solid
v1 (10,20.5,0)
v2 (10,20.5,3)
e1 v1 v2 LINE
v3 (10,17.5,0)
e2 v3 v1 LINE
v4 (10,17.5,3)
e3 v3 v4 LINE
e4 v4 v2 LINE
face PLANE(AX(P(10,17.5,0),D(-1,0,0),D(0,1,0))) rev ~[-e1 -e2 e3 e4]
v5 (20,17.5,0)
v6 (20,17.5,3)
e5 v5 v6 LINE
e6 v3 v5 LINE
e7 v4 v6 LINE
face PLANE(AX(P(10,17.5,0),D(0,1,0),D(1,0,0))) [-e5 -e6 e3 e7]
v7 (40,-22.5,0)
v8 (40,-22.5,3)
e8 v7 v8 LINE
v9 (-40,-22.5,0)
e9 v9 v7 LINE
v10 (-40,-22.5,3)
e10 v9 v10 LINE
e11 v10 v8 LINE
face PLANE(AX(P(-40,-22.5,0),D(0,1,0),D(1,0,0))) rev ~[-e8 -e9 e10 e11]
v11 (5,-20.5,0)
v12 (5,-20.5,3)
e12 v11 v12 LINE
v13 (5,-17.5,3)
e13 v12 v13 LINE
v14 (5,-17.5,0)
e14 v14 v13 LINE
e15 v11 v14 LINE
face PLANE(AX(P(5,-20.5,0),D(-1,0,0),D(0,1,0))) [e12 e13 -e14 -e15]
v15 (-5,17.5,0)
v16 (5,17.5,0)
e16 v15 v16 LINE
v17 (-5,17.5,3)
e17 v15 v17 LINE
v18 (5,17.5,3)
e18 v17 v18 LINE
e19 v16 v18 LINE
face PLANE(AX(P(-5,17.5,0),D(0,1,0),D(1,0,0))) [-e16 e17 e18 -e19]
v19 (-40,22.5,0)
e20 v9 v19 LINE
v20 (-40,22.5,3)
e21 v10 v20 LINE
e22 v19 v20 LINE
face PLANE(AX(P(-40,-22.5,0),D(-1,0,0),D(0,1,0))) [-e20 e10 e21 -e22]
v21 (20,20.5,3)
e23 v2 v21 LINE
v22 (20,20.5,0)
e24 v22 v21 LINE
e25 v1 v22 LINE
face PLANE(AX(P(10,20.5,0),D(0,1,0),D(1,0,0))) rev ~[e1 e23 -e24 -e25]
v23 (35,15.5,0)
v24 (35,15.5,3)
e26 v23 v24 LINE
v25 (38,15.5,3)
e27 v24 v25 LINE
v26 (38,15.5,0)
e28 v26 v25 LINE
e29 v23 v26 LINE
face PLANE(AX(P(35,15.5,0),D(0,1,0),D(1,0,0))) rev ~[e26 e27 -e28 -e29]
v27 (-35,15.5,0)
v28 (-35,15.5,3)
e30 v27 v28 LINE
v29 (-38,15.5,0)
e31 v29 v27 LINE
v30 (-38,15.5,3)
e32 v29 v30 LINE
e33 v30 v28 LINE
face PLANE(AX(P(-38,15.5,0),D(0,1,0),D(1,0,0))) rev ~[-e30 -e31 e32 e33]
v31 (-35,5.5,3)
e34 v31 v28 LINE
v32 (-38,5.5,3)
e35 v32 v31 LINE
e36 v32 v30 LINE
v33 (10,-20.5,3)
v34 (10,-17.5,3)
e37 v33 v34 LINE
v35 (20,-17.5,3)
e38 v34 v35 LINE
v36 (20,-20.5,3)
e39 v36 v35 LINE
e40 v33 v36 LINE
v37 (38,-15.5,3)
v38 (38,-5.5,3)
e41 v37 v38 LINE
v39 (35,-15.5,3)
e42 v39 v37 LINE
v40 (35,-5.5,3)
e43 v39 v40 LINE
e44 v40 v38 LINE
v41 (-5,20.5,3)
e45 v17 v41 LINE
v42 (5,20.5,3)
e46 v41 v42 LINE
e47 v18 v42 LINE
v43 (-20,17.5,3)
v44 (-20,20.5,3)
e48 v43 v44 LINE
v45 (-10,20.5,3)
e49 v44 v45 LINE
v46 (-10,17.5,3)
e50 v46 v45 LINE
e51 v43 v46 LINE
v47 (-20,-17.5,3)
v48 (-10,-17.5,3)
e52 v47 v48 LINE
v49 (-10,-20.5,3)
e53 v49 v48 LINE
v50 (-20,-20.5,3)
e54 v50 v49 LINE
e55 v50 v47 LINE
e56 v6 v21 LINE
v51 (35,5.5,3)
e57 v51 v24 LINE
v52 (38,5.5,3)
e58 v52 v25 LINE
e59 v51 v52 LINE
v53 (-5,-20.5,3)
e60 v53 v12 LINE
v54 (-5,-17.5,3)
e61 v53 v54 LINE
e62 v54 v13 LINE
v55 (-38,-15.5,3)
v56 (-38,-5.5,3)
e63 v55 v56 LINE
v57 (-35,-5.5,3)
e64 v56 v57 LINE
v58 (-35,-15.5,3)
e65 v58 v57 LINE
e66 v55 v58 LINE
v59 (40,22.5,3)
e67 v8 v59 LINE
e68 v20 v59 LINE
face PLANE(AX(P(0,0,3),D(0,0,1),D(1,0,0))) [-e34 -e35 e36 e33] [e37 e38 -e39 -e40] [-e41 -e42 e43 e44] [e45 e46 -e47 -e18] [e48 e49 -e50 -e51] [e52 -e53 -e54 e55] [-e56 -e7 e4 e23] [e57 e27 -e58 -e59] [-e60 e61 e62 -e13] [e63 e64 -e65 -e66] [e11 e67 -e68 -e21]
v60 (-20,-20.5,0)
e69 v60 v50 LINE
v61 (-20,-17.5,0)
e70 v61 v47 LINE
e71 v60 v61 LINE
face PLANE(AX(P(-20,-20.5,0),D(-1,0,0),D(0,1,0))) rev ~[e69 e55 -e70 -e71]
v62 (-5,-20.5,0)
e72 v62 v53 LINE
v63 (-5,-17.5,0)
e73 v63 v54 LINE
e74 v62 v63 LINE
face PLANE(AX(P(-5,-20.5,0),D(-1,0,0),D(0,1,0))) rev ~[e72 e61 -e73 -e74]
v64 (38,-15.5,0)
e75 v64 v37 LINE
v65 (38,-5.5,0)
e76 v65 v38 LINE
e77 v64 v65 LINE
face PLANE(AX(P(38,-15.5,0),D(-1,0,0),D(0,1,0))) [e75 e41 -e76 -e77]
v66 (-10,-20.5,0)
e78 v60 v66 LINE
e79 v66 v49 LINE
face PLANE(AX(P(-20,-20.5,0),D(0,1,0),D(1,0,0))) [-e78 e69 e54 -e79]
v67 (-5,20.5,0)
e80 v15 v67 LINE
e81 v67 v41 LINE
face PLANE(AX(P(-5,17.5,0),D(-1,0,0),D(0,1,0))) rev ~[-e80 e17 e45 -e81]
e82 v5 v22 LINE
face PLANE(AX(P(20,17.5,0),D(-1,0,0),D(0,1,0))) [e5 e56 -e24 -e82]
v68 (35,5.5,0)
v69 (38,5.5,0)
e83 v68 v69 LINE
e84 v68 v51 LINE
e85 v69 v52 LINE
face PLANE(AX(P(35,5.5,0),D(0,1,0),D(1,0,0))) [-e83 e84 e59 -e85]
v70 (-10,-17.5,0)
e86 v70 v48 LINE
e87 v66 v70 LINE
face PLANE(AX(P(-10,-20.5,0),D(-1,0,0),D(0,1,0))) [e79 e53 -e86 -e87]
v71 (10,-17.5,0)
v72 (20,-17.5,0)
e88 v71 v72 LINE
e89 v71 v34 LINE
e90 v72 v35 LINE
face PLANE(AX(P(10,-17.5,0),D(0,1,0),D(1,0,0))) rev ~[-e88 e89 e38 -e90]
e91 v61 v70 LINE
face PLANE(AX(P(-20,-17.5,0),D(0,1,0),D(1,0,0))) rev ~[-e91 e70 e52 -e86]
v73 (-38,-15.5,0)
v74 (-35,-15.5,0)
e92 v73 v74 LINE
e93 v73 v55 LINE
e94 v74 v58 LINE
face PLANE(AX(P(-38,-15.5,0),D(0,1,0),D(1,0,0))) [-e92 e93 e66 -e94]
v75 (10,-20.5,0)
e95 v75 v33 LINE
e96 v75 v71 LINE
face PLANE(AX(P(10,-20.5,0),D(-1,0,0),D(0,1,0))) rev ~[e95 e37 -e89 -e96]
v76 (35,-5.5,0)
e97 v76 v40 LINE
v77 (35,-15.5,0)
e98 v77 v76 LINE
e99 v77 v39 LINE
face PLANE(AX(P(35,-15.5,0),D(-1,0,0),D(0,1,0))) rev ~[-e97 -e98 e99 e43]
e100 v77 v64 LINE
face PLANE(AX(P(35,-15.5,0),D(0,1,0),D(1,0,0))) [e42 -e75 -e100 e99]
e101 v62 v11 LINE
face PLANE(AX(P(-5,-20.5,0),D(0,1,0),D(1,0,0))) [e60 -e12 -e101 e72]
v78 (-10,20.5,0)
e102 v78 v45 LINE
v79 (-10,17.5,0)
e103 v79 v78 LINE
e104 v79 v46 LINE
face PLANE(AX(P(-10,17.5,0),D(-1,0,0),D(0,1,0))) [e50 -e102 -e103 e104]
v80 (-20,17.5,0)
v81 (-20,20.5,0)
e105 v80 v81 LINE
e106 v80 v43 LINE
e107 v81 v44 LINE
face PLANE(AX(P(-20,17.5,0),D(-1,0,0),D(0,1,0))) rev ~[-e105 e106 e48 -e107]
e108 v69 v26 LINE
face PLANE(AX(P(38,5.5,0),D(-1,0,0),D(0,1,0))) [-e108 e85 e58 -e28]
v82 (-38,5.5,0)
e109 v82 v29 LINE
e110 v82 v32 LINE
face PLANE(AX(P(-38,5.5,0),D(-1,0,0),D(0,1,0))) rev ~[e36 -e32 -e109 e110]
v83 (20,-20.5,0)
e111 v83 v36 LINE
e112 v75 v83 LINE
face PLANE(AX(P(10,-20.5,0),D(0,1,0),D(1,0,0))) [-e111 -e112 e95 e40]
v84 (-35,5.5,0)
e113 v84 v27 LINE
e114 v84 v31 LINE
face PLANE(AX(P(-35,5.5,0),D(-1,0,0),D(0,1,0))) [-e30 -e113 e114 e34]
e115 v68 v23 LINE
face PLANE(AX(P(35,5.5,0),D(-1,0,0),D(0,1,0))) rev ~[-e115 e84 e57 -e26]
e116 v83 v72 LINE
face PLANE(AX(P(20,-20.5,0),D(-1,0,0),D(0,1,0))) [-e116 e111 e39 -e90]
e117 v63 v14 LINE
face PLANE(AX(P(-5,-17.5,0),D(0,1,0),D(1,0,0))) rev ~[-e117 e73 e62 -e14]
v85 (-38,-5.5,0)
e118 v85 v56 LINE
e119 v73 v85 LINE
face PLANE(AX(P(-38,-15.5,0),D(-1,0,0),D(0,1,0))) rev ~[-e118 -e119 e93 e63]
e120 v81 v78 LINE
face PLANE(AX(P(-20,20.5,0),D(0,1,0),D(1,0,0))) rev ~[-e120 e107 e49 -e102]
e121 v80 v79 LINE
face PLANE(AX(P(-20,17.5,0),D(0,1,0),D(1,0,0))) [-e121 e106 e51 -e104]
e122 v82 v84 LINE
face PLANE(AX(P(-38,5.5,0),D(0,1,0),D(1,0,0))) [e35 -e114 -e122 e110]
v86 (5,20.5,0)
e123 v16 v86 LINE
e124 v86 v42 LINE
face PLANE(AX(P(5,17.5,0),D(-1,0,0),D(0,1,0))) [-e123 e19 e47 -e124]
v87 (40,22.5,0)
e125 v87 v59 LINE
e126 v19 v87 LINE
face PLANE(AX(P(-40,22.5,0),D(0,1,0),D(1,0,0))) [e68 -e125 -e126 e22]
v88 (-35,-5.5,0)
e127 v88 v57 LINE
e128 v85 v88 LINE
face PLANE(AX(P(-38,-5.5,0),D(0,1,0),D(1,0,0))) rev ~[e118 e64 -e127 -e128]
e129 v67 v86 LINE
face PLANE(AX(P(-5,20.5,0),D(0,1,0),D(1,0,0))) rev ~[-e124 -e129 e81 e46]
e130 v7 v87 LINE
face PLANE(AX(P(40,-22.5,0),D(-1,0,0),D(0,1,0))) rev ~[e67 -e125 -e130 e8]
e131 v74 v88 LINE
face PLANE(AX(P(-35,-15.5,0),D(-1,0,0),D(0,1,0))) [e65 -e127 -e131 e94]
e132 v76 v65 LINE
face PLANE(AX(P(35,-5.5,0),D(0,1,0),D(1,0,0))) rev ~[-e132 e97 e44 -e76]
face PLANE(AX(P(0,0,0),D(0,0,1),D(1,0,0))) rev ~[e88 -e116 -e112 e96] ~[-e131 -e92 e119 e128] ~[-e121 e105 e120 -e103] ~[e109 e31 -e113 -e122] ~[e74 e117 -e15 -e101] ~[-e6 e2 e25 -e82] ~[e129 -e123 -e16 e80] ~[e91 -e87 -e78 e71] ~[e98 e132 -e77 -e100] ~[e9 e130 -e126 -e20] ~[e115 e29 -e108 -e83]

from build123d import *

# Parameters (mm, degrees)
SKETCH_1_W      = 80
SKETCH_1_H      = 45
SKETCH_1_W_2    = 10
SKETCH_1_H_2    = 3
SKETCH_1_W_3    = 3
SKETCH_1_H_3    = 10
EXTRUDE_1_DEPTH = 3


with BuildPart() as part:
    # 草图1 → 凸台-拉伸1 (new body)
    with BuildSketch(Plane.XY):
        Rectangle(SKETCH_1_W, SKETCH_1_H)
        with Locations((0, 19)):
            Rectangle(SKETCH_1_W_2, SKETCH_1_H_2, mode=Mode.SUBTRACT)
        with Locations((-15, 19)):
            Rectangle(SKETCH_1_W_2, SKETCH_1_H_2, mode=Mode.SUBTRACT)
        with Locations((-36.5, 10.5)):
            Rectangle(SKETCH_1_W_3, SKETCH_1_H_3, mode=Mode.SUBTRACT)
        with Locations((15, 19)):
            Rectangle(SKETCH_1_W_2, SKETCH_1_H_2, mode=Mode.SUBTRACT)
        with Locations((15, -19)):
            Rectangle(SKETCH_1_W_2, SKETCH_1_H_2, mode=Mode.SUBTRACT)
        with Locations((0, -19)):
            Rectangle(SKETCH_1_W_2, SKETCH_1_H_2, mode=Mode.SUBTRACT)
        with Locations((-15, -19)):
            Rectangle(SKETCH_1_W_2, SKETCH_1_H_2, mode=Mode.SUBTRACT)
        with Locations((-36.5, -10.5)):
            Rectangle(SKETCH_1_W_3, SKETCH_1_H_3, mode=Mode.SUBTRACT)
        with Locations((36.5, -10.5)):
            Rectangle(SKETCH_1_W_3, SKETCH_1_H_3, mode=Mode.SUBTRACT)
        with Locations((36.5, 10.5)):
            Rectangle(SKETCH_1_W_3, SKETCH_1_H_3, mode=Mode.SUBTRACT)
    extrude(amount=EXTRUDE_1_DEPTH)


solid = part.part
